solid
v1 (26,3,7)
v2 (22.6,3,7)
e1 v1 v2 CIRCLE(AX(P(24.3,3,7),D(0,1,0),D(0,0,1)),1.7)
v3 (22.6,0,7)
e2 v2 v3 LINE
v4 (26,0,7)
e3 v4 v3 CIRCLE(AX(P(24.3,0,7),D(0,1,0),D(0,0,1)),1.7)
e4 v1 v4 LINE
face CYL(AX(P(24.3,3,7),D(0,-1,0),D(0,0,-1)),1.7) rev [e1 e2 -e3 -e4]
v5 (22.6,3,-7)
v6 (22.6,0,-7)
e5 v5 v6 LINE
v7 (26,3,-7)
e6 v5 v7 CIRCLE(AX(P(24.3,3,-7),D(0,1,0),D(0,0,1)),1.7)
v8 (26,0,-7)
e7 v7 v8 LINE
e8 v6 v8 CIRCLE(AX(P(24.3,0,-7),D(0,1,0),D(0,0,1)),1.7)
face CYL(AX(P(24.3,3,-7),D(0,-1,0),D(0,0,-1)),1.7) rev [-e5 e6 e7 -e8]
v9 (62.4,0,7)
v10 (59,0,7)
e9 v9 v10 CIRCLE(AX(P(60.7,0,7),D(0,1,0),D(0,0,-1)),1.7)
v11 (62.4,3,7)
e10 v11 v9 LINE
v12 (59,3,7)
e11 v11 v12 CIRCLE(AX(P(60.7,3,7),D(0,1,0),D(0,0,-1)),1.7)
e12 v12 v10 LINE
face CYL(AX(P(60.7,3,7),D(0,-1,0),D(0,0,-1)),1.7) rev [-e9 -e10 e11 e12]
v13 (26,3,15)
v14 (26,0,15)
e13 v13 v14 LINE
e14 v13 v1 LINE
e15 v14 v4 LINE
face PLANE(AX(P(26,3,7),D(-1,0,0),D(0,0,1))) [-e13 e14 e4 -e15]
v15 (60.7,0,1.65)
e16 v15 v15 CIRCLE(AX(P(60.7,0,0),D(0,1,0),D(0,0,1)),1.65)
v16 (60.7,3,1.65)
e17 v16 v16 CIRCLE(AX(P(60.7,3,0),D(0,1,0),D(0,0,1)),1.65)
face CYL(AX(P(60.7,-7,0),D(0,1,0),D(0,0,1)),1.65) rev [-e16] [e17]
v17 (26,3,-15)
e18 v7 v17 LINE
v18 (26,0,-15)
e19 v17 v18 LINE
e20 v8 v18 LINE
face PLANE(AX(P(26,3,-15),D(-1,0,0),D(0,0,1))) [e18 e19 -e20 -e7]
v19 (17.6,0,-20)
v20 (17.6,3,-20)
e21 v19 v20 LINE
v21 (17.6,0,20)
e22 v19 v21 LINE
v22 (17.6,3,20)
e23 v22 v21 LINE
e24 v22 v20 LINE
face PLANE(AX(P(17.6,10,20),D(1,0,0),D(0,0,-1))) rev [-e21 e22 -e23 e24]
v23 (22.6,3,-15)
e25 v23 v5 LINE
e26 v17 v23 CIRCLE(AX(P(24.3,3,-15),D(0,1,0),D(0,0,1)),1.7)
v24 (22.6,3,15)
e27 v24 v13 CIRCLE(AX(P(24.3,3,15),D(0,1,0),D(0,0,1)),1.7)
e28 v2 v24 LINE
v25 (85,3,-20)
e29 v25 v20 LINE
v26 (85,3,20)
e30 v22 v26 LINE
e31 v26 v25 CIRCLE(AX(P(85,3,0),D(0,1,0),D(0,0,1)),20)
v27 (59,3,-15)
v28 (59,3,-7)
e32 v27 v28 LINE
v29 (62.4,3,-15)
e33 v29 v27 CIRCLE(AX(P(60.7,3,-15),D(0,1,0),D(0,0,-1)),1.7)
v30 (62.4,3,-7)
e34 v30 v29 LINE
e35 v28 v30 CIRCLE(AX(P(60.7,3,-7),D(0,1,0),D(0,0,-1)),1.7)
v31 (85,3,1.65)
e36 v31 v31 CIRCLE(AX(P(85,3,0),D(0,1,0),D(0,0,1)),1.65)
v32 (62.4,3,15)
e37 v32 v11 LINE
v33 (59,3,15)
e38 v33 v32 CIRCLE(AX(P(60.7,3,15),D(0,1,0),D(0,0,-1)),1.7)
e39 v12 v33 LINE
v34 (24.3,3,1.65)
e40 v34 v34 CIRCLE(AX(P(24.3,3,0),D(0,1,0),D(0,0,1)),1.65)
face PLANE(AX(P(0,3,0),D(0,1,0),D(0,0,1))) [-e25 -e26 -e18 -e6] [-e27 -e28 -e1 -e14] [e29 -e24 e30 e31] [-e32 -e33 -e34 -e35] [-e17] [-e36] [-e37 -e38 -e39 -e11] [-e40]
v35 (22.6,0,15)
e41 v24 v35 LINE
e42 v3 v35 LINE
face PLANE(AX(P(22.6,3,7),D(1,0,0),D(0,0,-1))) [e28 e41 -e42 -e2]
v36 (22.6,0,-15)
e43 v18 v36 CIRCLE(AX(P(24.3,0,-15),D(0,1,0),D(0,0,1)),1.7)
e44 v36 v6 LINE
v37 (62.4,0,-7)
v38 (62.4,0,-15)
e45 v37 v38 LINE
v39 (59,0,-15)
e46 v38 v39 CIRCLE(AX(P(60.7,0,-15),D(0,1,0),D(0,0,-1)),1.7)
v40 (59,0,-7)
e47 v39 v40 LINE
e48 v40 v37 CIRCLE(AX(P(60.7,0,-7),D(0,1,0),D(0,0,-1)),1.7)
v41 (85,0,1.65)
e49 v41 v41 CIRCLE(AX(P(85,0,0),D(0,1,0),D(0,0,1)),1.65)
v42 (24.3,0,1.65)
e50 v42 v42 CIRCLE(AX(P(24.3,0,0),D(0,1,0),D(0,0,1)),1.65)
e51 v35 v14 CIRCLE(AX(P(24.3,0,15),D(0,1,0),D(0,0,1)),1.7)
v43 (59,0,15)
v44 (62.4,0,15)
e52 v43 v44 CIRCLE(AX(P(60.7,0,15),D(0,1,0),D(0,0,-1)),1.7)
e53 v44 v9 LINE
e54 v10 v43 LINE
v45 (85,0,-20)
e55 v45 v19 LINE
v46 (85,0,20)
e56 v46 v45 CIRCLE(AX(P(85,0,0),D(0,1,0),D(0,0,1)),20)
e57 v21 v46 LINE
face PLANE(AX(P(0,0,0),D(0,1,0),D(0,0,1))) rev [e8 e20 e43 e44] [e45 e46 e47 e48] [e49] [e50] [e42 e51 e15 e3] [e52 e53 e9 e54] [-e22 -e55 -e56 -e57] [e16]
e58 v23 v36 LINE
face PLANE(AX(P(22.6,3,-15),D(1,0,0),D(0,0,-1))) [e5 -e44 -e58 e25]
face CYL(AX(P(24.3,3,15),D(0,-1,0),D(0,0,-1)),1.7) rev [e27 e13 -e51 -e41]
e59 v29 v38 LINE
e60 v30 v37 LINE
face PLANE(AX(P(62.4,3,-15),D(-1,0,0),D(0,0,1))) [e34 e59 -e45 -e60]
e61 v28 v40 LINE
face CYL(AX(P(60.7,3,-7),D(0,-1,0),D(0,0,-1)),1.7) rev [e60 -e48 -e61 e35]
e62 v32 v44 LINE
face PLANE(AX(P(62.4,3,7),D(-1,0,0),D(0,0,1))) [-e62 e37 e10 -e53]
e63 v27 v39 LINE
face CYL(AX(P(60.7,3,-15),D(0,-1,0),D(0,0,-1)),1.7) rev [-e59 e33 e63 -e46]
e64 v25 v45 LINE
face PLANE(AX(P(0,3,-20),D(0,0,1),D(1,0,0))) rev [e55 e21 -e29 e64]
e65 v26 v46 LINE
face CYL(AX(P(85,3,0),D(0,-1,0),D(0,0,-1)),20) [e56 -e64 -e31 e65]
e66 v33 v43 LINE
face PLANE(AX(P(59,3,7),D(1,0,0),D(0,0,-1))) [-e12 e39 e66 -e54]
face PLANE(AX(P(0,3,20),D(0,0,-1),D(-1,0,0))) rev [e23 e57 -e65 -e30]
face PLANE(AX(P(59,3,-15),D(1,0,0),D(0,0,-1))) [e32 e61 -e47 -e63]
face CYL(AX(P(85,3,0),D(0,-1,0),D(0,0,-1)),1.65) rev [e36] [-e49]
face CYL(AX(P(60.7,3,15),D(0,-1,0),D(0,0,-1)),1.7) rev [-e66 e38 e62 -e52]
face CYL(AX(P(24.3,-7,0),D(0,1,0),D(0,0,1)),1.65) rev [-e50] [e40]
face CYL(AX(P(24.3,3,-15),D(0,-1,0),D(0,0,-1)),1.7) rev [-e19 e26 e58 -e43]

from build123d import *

# Parameters (mm, degrees)
SKETCH_1_R          = 1.65
EXTRUDE_1_DEPTH     = 3
SKETCH_2_R          = 1.65
CUT_EXTRUDE_1_DEPTH = 10
SKETCH_3_W          = 41.485680135
SKETCH_3_H          = 40
CUT_EXTRUDE_2_DEPTH = 10


with BuildPart() as part:
    # 草图1 → 凸台-拉伸1 (new body)
    with BuildSketch(Plane(origin=(0, 0, 0), x_dir=(1, 0, 0), z_dir=(0, 1, 0))):
        with BuildLine():
            Line((0, 20), (85, 20))
            ThreePointArc((85, 20), (105, 0), (85, -20))
            Line((85, -20), (0, -20))
            ThreePointArc((0, -20), (-20, 0), (0, 20))
        make_face()
        with Locations(Location((0, 0, 0), (0, 0, 270))):
            Circle(SKETCH_1_R, mode=Mode.SUBTRACT)
        with Locations(Location((85, 0, 0), (0, 0, 270))):
            Circle(SKETCH_1_R, mode=Mode.SUBTRACT)
        with BuildLine():
            Line((26, 15), (26, 7))
            ThreePointArc((26, 7), (24.3, 5.3), (22.6, 7))
            Line((22.6, 7), (22.6, 15))
            ThreePointArc((22.6, 15), (24.3, 16.7), (26, 15))
        make_face(mode=Mode.SUBTRACT)
        with BuildLine():
            Line((26, -7), (26, -15))
            ThreePointArc((26, -15), (24.3, -16.7), (22.6, -15))
            Line((22.6, -15), (22.6, -7))
            ThreePointArc((22.6, -7), (24.3, -5.3), (26, -7))
        make_face(mode=Mode.SUBTRACT)
        with BuildLine():
            Line((59, -7), (59, -15))
            ThreePointArc((59, -15), (60.7, -16.7), (62.4, -15))
            Line((62.4, -15), (62.4, -7))
            ThreePointArc((62.4, -7), (60.7, -5.3), (59, -7))
        make_face(mode=Mode.SUBTRACT)
        with BuildLine():
            Line((59, 15), (59, 7))
            ThreePointArc((59, 7), (60.7, 5.3), (62.4, 7))
            Line((62.4, 7), (62.4, 15))
            ThreePointArc((62.4, 15), (60.7, 16.7), (59, 15))
        make_face(mode=Mode.SUBTRACT)
    extrude(amount=EXTRUDE_1_DEPTH)

    # 草图2 → 切除-拉伸1 (cut)
    with BuildSketch(Plane(origin=(0, 3, 0), x_dir=(1, 0, 0), z_dir=(0, 1, 0))):
        with Locations(Location((24.3, 0, 0), (0, 0, 270))):
            Circle(SKETCH_2_R)
        with Locations(Location((60.7, 0, 0), (0, 0, 270))):
            Circle(SKETCH_2_R)
    extrude(amount=-CUT_EXTRUDE_1_DEPTH, mode=Mode.SUBTRACT)

    # 草图3 → 切除-拉伸2 (cut)
    with BuildSketch(Plane.XZ):
        with Locations((-3.142840067, 0)):
            Rectangle(SKETCH_3_W, SKETCH_3_H)
    extrude(amount=-CUT_EXTRUDE_2_DEPTH, mode=Mode.SUBTRACT)


solid = part.part
